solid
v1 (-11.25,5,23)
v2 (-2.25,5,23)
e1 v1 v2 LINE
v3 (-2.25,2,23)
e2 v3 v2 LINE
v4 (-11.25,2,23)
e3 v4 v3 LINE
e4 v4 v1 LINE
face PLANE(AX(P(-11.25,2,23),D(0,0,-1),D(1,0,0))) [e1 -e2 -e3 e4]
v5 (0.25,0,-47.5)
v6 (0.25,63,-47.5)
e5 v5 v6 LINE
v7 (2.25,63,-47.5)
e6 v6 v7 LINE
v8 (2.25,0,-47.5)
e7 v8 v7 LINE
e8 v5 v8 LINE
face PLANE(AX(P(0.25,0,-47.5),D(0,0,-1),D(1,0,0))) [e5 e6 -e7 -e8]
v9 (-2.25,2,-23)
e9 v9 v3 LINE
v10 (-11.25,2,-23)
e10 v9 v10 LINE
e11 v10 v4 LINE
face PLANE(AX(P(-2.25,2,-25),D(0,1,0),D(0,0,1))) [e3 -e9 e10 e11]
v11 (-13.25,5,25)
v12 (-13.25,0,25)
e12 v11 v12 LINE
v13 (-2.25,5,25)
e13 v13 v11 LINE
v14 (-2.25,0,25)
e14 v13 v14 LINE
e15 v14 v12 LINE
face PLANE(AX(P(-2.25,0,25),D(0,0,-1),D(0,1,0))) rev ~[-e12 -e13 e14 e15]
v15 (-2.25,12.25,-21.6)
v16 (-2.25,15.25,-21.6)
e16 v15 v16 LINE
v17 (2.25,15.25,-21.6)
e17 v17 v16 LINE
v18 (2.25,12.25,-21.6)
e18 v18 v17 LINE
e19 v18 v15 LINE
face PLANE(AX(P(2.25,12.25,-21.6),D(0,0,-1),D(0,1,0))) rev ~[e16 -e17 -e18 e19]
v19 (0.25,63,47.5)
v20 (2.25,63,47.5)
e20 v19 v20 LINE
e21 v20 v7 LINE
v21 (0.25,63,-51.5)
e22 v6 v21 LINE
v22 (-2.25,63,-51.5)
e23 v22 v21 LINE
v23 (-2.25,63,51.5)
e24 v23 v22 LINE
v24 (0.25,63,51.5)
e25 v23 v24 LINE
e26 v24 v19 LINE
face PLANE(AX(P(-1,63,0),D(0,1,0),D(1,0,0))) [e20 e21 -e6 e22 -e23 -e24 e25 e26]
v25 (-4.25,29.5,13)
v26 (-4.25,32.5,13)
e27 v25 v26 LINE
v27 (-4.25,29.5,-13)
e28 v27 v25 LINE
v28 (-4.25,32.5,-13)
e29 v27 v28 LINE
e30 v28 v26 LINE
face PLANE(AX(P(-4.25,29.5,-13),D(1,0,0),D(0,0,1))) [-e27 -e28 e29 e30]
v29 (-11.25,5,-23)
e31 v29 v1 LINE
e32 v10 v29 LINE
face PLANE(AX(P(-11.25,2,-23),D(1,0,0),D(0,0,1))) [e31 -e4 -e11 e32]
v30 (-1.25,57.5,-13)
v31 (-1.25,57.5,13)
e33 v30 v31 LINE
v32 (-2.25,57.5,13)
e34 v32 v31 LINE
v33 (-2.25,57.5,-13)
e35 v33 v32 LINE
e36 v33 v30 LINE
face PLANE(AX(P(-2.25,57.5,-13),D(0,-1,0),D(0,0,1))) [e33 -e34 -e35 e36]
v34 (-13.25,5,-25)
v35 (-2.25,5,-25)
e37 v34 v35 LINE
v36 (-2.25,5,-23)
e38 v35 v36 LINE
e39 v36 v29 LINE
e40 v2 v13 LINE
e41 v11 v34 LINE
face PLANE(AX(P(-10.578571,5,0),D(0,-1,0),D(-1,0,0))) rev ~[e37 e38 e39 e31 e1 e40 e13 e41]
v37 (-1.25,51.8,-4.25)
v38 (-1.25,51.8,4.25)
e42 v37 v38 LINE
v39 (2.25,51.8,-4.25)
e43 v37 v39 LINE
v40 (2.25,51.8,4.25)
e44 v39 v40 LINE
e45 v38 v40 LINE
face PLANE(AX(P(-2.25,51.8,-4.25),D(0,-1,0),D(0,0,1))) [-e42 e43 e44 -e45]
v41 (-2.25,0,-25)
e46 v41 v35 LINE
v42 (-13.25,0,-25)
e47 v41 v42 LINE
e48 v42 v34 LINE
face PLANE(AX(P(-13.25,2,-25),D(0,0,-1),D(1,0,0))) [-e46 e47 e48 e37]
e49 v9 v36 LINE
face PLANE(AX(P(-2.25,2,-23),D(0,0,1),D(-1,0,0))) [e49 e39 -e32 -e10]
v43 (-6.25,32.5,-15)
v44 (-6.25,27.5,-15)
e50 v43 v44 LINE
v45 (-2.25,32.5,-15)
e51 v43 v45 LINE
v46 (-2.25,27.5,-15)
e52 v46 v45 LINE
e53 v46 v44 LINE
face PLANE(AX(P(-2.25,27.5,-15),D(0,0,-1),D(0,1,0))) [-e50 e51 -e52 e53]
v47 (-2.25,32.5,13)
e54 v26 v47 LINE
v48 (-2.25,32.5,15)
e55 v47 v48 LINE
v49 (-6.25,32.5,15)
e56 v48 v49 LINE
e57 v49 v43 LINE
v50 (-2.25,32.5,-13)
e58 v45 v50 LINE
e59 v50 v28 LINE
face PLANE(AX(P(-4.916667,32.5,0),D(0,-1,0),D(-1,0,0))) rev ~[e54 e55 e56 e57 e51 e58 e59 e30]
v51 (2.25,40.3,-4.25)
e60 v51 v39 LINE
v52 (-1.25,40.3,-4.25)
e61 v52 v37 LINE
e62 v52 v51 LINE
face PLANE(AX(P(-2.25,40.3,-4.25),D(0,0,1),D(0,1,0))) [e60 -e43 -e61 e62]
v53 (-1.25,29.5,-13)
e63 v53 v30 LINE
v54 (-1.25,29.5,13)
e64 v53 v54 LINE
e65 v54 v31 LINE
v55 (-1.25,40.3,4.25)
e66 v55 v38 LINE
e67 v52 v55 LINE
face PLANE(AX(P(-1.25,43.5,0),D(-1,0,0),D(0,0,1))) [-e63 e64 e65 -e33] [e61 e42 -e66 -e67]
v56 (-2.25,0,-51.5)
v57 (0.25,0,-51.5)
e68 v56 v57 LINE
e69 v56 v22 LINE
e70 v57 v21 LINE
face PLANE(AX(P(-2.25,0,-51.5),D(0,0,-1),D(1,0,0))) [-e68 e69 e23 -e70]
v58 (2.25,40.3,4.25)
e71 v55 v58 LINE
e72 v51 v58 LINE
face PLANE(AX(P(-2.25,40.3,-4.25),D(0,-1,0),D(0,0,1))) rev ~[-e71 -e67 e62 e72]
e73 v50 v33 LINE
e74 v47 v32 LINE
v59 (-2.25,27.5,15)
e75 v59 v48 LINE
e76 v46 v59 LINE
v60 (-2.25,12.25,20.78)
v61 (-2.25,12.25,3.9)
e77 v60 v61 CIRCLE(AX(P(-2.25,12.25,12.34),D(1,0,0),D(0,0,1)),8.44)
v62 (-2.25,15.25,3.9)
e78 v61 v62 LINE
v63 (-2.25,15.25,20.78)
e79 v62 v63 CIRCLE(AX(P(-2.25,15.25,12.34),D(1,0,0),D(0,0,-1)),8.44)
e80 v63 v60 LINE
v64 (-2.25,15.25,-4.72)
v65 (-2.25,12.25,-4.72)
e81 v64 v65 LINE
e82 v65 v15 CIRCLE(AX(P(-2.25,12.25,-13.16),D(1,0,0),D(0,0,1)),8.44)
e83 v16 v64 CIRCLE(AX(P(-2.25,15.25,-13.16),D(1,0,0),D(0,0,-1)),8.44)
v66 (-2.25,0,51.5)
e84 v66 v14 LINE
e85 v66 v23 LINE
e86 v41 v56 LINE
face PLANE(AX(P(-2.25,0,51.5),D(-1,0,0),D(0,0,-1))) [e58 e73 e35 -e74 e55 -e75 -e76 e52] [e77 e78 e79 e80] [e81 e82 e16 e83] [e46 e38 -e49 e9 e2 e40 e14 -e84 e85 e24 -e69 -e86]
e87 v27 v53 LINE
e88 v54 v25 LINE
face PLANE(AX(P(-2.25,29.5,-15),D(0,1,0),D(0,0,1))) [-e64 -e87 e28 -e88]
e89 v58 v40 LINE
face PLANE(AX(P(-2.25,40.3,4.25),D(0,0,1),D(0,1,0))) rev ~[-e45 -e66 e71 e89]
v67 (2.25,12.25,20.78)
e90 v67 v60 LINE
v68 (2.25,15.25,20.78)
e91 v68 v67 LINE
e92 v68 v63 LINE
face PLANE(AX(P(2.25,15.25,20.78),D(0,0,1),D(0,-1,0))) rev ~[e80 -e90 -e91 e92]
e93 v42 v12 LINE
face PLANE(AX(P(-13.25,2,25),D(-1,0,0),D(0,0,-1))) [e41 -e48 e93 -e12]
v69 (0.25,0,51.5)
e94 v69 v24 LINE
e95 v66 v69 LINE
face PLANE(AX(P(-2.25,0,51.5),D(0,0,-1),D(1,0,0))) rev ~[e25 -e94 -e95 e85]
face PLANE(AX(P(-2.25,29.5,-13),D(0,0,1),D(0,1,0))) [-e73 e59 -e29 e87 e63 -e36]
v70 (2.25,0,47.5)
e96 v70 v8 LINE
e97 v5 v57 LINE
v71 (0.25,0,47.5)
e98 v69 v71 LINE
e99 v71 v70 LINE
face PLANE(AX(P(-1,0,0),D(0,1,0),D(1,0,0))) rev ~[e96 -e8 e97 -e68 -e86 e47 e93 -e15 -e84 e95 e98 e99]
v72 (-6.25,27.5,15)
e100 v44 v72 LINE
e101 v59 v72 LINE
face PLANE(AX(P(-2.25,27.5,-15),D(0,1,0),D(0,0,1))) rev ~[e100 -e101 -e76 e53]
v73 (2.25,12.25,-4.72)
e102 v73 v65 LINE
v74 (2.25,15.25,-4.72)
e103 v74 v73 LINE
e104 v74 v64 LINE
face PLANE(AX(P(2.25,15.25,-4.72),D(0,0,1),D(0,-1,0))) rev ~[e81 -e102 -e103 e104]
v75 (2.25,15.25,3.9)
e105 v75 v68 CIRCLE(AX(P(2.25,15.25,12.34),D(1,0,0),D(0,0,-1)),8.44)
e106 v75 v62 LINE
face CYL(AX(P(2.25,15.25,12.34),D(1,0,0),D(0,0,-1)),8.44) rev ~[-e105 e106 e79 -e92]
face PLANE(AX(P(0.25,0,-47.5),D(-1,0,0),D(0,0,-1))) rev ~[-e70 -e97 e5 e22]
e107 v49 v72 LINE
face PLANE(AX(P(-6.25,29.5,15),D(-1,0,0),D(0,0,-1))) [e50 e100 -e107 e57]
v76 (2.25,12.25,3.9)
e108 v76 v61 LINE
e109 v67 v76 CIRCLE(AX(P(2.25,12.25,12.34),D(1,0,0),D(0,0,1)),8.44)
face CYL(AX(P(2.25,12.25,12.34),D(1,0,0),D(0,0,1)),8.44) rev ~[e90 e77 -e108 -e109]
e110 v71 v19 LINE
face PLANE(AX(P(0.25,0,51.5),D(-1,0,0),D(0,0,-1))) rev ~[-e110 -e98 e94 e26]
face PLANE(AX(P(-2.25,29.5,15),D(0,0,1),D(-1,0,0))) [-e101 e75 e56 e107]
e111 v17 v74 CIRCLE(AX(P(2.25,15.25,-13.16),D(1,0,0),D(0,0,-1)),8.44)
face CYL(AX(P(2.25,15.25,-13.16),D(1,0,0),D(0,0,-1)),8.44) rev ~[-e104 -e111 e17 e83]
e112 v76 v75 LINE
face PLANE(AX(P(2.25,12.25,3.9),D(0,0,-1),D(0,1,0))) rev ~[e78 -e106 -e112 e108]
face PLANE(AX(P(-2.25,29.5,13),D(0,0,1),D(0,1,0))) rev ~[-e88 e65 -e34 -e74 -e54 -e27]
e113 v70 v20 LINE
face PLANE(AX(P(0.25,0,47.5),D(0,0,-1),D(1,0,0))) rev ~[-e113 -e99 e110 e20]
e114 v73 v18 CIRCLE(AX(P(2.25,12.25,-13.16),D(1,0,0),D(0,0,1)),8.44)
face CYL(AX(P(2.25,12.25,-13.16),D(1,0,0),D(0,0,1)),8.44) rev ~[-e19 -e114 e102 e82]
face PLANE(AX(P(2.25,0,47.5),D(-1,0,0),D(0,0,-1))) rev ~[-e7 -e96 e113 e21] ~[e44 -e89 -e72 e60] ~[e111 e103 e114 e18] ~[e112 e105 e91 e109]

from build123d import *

# Parameters (mm, degrees)
SKETCH_1_W          = 2.5
SKETCH_1_H          = 103
SKETCH_1_W_2        = 2
SKETCH_1_H_2        = 95
EXTRUDE_1_DEPTH     = 63
SKETCH_5_W          = 50
SKETCH_5_H          = 2
EXTRUDE_2_DEPTH     = 11
EXTRUDE_3_DEPTH     = 3
CUT_EXTRUDE_1_DEPTH = 4.5
SKETCH_11_W         = 8.5
SKETCH_11_H         = 11.5
CUT_EXTRUDE_2_DEPTH = 4.5
SKETCH_12_W         = 26
SKETCH_12_H         = 28
SKETCH_12_W_2       = 25
SKETCH_12_H_2       = 27
SKETCH_12_W_3       = 8.5
SKETCH_12_H_3       = 11.5
CUT_EXTRUDE_3_DEPTH = 1
SKETCH_13_W         = 30
SKETCH_13_H         = 2
EXTRUDE_4_DEPTH     = 4
EXTRUDE_5_DEPTH     = 3


with BuildPart() as part:
    # 스케치1 → 보스-돌출1 (new body)
    with BuildSketch(Plane(origin=(0, 0, 0), x_dir=(1, 0, 0), z_dir=(0, 1, 0))):
        with Locations((-1, 0)):
            Rectangle(SKETCH_1_W, SKETCH_1_H)
        with Locations((1.25, 0)):
            Rectangle(SKETCH_1_W_2, SKETCH_1_H_2)
    extrude(amount=EXTRUDE_1_DEPTH)

    # 스케치5 → 보스-돌출2 (add)
    with BuildSketch(Plane.ZY.offset(2.25)):
        with Locations((0, 1)):
            Rectangle(SKETCH_5_W, SKETCH_5_H)
    extrude(amount=EXTRUDE_2_DEPTH)

    # 스케치7 → 보스-돌출3 (add)
    with BuildSketch(Plane(origin=(0, 2, 0), x_dir=(1, 0, 0), z_dir=(0, 1, 0))):
        Polygon((-2.25, 23), (-11.25, 23), (-11.25, -23), (-2.25, -23), (-2.25, -25), (-13.25, -25), (-13.25, 25), (-2.25, 25), align=None)
    extrude(amount=EXTRUDE_3_DEPTH)

    # 스케치10 → 컷-돌출1 (cut)
    with BuildSketch(Plane(origin=(2.25, 0, 0), x_dir=(0, 0, -1), z_dir=(1, 0, 0))):
        with BuildLine():
            Line((-20.78, 15.25), (-20.78, 12.25))
            ThreePointArc((-20.78, 12.25), (-12.34, 3.81), (-3.9, 12.25))
            Line((-3.9, 12.25), (-3.9, 15.25))
            ThreePointArc((-3.9, 15.25), (-12.34, 23.69), (-20.78, 15.25))
        make_face()
        with BuildLine():
            Line((4.72, 15.25), (4.72, 12.25))
            ThreePointArc((4.72, 12.25), (13.16, 3.81), (21.6, 12.25))
            Line((21.6, 12.25), (21.6, 15.25))
            ThreePointArc((21.6, 15.25), (13.16, 23.69), (4.72, 15.25))
        make_face()
    extrude(amount=-CUT_EXTRUDE_1_DEPTH, mode=Mode.SUBTRACT)

    # 스케치11 → 컷-돌출2 (cut)
    with BuildSketch(Plane.ZY.offset(2.25)):
        with Locations((0, 46.05)):
            Rectangle(SKETCH_11_W, SKETCH_11_H)
    extrude(amount=-CUT_EXTRUDE_2_DEPTH, mode=Mode.SUBTRACT)

    # 스케치12 → 컷-돌출3 (cut)
    # profile 1 of 2: a face of its own
    with BuildSketch(Plane.ZY.offset(2.25)):
        with Locations((0, 43.5)):
            Rectangle(SKETCH_12_W, SKETCH_12_H)
        with Locations((0, 43.5)):
            Rectangle(SKETCH_12_W_2, SKETCH_12_H_2, mode=Mode.SUBTRACT)
    # profile 2 of 2: a face of its own
    with BuildSketch(Plane.ZY.offset(2.25)):
        with Locations((0, 43.5)):
            Rectangle(SKETCH_12_W_2, SKETCH_12_H_2)
        with Locations((0, 46.05)):
            Rectangle(SKETCH_12_W_3, SKETCH_12_H_3, mode=Mode.SUBTRACT)
    extrude(amount=-CUT_EXTRUDE_3_DEPTH, mode=Mode.SUBTRACT)

    # 스케치13 → 보스-돌출4 (add)
    with BuildSketch(Plane.ZY.offset(2.25)):
        with Locations((0, 28.5)):
            Rectangle(SKETCH_13_W, SKETCH_13_H)
    extrude(amount=EXTRUDE_4_DEPTH)

    # 스케치14 → 보스-돌출5 (add)
    with BuildSketch(Plane(origin=(0, 29.5, 0), x_dir=(1, 0, 0), z_dir=(0, 1, 0))):
        Polygon((-2.25, -13), (-2.25, -15), (-6.25, -15), (-6.25, 15), (-2.25, 15), (-2.25, 13), (-4.25, 13), (-4.25, -13), align=None)
    extrude(amount=EXTRUDE_5_DEPTH)


solid = part.part
